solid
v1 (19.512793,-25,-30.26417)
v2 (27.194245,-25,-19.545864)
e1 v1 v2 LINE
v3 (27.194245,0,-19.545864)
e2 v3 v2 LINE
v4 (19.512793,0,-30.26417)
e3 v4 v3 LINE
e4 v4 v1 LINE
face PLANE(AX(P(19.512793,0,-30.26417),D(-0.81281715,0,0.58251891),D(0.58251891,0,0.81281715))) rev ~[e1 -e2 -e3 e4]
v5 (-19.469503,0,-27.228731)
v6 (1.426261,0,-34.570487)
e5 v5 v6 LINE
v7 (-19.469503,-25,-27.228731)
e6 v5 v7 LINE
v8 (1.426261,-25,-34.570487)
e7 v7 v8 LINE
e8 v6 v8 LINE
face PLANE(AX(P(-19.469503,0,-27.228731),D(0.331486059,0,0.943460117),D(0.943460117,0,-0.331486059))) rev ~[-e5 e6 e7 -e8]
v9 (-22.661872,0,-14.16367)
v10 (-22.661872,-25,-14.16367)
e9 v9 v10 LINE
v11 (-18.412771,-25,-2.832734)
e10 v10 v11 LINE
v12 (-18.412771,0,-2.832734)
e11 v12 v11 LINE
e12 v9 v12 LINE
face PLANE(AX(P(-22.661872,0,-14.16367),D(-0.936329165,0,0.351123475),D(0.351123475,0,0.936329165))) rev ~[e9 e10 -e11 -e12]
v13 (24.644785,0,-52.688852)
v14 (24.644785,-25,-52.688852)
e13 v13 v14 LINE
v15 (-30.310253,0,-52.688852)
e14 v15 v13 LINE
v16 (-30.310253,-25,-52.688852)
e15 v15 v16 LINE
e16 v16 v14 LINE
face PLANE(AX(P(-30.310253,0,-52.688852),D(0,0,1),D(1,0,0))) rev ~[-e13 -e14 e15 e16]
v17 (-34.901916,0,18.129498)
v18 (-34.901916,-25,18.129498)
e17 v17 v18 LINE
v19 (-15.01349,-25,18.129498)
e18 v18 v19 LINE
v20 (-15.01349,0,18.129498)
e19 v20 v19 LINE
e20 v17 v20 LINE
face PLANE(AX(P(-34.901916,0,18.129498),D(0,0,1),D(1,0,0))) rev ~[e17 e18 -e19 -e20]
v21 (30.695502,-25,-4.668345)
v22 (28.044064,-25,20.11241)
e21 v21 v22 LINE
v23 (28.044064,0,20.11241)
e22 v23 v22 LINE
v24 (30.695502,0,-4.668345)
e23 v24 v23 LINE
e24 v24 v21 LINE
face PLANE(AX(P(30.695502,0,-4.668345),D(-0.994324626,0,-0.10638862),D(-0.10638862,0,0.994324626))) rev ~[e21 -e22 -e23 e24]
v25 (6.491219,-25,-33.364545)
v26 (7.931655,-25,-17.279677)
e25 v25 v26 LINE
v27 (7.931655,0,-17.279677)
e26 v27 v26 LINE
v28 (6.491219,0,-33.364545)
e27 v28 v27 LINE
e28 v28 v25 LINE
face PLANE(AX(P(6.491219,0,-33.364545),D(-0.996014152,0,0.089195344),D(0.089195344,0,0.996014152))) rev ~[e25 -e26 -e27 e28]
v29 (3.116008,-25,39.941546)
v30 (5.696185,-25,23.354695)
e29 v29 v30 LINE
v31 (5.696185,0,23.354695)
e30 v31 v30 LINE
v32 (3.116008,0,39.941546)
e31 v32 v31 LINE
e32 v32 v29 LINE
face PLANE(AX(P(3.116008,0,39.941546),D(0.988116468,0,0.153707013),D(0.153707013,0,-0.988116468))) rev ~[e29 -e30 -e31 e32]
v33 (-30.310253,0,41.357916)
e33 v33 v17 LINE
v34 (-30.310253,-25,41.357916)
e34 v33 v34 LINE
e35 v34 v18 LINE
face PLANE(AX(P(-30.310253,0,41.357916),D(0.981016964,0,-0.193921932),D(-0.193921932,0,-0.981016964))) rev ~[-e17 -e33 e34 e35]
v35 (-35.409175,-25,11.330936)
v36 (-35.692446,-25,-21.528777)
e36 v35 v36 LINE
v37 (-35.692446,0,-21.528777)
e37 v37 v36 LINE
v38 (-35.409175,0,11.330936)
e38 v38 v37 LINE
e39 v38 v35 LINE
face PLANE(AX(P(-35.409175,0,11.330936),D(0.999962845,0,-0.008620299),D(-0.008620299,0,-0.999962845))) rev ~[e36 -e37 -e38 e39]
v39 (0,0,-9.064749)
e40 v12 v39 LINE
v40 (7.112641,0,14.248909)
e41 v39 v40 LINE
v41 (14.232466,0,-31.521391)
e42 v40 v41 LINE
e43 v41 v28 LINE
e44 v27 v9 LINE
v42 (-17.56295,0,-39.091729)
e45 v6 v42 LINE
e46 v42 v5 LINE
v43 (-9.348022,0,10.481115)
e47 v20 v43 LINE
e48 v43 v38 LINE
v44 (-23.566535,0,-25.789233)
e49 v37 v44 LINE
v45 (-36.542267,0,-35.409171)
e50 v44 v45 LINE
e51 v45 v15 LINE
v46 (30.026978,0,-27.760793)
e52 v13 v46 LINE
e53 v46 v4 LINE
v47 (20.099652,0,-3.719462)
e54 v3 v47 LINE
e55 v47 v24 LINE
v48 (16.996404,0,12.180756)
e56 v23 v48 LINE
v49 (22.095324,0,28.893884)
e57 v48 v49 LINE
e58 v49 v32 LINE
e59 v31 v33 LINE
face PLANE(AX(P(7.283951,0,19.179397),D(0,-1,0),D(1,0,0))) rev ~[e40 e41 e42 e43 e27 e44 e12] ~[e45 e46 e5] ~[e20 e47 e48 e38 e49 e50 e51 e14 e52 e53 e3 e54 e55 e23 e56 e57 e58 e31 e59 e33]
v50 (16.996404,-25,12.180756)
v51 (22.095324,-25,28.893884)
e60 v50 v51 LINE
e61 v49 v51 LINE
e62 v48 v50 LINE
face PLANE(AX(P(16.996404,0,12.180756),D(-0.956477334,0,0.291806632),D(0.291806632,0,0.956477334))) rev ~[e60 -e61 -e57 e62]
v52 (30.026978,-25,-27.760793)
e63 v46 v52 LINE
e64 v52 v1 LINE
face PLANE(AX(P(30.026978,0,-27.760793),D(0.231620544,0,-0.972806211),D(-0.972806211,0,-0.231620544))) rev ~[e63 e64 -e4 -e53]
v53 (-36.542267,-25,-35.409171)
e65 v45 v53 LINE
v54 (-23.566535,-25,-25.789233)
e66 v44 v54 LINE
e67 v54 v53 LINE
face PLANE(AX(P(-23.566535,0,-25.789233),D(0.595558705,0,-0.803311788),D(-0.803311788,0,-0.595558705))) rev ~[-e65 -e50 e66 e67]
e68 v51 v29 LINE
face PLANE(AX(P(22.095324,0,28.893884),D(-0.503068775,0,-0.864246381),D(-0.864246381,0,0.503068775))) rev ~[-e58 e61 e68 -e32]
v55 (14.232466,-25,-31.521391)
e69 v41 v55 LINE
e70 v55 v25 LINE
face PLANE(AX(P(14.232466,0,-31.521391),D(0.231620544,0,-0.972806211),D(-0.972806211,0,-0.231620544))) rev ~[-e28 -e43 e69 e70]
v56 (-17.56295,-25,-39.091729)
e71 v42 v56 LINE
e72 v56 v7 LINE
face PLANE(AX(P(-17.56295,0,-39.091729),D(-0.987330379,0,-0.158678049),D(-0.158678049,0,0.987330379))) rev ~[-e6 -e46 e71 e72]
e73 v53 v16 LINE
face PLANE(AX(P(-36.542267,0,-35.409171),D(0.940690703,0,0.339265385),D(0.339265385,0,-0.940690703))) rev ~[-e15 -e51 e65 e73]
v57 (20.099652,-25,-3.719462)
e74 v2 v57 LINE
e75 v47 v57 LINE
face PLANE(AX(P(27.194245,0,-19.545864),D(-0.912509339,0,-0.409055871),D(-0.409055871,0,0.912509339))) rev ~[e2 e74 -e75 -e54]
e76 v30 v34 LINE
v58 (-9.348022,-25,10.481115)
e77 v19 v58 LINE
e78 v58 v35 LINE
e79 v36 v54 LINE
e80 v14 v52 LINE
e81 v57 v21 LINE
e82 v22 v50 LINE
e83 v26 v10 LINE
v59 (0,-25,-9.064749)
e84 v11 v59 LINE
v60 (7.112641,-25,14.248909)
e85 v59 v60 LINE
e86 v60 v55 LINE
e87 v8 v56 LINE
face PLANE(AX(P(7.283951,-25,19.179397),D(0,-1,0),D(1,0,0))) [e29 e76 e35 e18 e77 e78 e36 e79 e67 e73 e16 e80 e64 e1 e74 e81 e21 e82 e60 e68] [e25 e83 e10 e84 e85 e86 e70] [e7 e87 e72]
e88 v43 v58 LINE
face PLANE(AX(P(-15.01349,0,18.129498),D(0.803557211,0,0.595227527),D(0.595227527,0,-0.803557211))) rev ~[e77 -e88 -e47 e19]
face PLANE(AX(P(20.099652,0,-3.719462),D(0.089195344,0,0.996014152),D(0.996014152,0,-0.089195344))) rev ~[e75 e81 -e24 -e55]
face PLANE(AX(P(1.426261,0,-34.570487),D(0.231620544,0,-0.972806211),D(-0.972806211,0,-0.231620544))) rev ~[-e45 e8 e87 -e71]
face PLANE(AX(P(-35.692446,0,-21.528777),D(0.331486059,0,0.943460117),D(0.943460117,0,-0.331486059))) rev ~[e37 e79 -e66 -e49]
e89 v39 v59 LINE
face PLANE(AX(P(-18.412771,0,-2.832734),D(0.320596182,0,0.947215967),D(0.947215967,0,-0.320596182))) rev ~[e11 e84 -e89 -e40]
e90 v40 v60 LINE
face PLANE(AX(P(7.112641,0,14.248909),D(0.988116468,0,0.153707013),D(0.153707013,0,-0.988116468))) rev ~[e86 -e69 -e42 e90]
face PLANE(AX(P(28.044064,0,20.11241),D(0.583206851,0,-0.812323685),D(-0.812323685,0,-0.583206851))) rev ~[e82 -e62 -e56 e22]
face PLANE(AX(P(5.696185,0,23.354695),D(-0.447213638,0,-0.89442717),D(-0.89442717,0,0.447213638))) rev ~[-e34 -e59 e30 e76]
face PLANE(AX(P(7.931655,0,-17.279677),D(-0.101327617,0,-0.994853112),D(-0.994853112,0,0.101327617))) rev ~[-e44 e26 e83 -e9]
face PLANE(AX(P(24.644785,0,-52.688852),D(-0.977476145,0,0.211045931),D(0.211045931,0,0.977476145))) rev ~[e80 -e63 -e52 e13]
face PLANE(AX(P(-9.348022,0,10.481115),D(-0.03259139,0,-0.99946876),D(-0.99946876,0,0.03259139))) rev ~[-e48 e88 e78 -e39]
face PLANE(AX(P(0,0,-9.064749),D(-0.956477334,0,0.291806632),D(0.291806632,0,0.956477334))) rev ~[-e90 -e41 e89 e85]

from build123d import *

# Parameters (mm, degrees)
F1_DEPTH = 25


with BuildPart() as f1:
    # F0 (on Front) → F1 (new body)
    with BuildSketch(Plane.XZ):
        Polygon((9.3355238921, 21.5350252004), (5.696185278, 23.3546947243), (7.112640961, 14.2489086105), align=None)
        Polygon((3.1160083599, 39.9415455759), (5.696185278, 23.3546947243), (9.3355238921, 21.5350252004), (7.112640961, 14.2489086105), (14.2324656675, -31.5213909643), (19.5127929437, -30.2641700858), (27.1942447871, -19.5458643138), (20.0996515075, -3.7194623682), (30.695501842, -4.6683449843), (28.0440635979, 20.1124101877), (16.9964041561, 12.1807558462), (22.0953244716, 28.8938842714), align=None)
        Polygon((5.696185278, 23.3546947243), (-30.3102526814, 41.3579158485), (-34.9019161013, 18.1294977665), (-15.0134898722, 18.1294977665), (-9.3480218202, 10.4811154306), (-35.4091748595, 11.3309361041), (-35.6924459338, -21.5287767351), (-23.5665350946, -25.7892328121), (-20.1124101877, -23.2284162194), (-19.4695026466, -27.2287310092), (1.4262612845, -34.5704874846), (6.4912185709, -33.3645451792), (7.9316552728, -17.279677093), (-22.6618722081, -14.1636701301), (-18.4127707034, -2.832734026), (0, -9.0647488832), (7.112640961, 14.2489086105), align=None)
        Polygon((-23.5665350946, -25.7892328121), (-19.4695026466, -27.2287310092), (-20.1124101877, -23.2284162194), align=None)
        Polygon((19.5127929437, -30.2641700858), (14.2324656675, -31.5213909643), (15.0134908035, -36.5422666073), align=None)
        Polygon((6.2320139259, -36.258995533), (6.4912185709, -33.3645451792), (1.4262612845, -34.5704874846), align=None)
        Polygon((15.0134908035, -36.5422666073), (14.2324656675, -31.5213909643), (6.4912185709, -33.3645451792), (6.2320139259, -36.258995533), (1.4262612845, -34.5704874846), (-17.56295003, -39.0917286277), (-19.4695026466, -27.2287310092), (-23.5665350946, -25.7892328121), (-36.5422666073, -35.4091711342), (-30.3102526814, -52.6888519526), (24.6447846293, -52.6888519526), (30.0269778818, -27.7607925236), (19.5127929437, -30.2641700858), align=None)
    extrude(amount=F1_DEPTH)


solid = f1.part
